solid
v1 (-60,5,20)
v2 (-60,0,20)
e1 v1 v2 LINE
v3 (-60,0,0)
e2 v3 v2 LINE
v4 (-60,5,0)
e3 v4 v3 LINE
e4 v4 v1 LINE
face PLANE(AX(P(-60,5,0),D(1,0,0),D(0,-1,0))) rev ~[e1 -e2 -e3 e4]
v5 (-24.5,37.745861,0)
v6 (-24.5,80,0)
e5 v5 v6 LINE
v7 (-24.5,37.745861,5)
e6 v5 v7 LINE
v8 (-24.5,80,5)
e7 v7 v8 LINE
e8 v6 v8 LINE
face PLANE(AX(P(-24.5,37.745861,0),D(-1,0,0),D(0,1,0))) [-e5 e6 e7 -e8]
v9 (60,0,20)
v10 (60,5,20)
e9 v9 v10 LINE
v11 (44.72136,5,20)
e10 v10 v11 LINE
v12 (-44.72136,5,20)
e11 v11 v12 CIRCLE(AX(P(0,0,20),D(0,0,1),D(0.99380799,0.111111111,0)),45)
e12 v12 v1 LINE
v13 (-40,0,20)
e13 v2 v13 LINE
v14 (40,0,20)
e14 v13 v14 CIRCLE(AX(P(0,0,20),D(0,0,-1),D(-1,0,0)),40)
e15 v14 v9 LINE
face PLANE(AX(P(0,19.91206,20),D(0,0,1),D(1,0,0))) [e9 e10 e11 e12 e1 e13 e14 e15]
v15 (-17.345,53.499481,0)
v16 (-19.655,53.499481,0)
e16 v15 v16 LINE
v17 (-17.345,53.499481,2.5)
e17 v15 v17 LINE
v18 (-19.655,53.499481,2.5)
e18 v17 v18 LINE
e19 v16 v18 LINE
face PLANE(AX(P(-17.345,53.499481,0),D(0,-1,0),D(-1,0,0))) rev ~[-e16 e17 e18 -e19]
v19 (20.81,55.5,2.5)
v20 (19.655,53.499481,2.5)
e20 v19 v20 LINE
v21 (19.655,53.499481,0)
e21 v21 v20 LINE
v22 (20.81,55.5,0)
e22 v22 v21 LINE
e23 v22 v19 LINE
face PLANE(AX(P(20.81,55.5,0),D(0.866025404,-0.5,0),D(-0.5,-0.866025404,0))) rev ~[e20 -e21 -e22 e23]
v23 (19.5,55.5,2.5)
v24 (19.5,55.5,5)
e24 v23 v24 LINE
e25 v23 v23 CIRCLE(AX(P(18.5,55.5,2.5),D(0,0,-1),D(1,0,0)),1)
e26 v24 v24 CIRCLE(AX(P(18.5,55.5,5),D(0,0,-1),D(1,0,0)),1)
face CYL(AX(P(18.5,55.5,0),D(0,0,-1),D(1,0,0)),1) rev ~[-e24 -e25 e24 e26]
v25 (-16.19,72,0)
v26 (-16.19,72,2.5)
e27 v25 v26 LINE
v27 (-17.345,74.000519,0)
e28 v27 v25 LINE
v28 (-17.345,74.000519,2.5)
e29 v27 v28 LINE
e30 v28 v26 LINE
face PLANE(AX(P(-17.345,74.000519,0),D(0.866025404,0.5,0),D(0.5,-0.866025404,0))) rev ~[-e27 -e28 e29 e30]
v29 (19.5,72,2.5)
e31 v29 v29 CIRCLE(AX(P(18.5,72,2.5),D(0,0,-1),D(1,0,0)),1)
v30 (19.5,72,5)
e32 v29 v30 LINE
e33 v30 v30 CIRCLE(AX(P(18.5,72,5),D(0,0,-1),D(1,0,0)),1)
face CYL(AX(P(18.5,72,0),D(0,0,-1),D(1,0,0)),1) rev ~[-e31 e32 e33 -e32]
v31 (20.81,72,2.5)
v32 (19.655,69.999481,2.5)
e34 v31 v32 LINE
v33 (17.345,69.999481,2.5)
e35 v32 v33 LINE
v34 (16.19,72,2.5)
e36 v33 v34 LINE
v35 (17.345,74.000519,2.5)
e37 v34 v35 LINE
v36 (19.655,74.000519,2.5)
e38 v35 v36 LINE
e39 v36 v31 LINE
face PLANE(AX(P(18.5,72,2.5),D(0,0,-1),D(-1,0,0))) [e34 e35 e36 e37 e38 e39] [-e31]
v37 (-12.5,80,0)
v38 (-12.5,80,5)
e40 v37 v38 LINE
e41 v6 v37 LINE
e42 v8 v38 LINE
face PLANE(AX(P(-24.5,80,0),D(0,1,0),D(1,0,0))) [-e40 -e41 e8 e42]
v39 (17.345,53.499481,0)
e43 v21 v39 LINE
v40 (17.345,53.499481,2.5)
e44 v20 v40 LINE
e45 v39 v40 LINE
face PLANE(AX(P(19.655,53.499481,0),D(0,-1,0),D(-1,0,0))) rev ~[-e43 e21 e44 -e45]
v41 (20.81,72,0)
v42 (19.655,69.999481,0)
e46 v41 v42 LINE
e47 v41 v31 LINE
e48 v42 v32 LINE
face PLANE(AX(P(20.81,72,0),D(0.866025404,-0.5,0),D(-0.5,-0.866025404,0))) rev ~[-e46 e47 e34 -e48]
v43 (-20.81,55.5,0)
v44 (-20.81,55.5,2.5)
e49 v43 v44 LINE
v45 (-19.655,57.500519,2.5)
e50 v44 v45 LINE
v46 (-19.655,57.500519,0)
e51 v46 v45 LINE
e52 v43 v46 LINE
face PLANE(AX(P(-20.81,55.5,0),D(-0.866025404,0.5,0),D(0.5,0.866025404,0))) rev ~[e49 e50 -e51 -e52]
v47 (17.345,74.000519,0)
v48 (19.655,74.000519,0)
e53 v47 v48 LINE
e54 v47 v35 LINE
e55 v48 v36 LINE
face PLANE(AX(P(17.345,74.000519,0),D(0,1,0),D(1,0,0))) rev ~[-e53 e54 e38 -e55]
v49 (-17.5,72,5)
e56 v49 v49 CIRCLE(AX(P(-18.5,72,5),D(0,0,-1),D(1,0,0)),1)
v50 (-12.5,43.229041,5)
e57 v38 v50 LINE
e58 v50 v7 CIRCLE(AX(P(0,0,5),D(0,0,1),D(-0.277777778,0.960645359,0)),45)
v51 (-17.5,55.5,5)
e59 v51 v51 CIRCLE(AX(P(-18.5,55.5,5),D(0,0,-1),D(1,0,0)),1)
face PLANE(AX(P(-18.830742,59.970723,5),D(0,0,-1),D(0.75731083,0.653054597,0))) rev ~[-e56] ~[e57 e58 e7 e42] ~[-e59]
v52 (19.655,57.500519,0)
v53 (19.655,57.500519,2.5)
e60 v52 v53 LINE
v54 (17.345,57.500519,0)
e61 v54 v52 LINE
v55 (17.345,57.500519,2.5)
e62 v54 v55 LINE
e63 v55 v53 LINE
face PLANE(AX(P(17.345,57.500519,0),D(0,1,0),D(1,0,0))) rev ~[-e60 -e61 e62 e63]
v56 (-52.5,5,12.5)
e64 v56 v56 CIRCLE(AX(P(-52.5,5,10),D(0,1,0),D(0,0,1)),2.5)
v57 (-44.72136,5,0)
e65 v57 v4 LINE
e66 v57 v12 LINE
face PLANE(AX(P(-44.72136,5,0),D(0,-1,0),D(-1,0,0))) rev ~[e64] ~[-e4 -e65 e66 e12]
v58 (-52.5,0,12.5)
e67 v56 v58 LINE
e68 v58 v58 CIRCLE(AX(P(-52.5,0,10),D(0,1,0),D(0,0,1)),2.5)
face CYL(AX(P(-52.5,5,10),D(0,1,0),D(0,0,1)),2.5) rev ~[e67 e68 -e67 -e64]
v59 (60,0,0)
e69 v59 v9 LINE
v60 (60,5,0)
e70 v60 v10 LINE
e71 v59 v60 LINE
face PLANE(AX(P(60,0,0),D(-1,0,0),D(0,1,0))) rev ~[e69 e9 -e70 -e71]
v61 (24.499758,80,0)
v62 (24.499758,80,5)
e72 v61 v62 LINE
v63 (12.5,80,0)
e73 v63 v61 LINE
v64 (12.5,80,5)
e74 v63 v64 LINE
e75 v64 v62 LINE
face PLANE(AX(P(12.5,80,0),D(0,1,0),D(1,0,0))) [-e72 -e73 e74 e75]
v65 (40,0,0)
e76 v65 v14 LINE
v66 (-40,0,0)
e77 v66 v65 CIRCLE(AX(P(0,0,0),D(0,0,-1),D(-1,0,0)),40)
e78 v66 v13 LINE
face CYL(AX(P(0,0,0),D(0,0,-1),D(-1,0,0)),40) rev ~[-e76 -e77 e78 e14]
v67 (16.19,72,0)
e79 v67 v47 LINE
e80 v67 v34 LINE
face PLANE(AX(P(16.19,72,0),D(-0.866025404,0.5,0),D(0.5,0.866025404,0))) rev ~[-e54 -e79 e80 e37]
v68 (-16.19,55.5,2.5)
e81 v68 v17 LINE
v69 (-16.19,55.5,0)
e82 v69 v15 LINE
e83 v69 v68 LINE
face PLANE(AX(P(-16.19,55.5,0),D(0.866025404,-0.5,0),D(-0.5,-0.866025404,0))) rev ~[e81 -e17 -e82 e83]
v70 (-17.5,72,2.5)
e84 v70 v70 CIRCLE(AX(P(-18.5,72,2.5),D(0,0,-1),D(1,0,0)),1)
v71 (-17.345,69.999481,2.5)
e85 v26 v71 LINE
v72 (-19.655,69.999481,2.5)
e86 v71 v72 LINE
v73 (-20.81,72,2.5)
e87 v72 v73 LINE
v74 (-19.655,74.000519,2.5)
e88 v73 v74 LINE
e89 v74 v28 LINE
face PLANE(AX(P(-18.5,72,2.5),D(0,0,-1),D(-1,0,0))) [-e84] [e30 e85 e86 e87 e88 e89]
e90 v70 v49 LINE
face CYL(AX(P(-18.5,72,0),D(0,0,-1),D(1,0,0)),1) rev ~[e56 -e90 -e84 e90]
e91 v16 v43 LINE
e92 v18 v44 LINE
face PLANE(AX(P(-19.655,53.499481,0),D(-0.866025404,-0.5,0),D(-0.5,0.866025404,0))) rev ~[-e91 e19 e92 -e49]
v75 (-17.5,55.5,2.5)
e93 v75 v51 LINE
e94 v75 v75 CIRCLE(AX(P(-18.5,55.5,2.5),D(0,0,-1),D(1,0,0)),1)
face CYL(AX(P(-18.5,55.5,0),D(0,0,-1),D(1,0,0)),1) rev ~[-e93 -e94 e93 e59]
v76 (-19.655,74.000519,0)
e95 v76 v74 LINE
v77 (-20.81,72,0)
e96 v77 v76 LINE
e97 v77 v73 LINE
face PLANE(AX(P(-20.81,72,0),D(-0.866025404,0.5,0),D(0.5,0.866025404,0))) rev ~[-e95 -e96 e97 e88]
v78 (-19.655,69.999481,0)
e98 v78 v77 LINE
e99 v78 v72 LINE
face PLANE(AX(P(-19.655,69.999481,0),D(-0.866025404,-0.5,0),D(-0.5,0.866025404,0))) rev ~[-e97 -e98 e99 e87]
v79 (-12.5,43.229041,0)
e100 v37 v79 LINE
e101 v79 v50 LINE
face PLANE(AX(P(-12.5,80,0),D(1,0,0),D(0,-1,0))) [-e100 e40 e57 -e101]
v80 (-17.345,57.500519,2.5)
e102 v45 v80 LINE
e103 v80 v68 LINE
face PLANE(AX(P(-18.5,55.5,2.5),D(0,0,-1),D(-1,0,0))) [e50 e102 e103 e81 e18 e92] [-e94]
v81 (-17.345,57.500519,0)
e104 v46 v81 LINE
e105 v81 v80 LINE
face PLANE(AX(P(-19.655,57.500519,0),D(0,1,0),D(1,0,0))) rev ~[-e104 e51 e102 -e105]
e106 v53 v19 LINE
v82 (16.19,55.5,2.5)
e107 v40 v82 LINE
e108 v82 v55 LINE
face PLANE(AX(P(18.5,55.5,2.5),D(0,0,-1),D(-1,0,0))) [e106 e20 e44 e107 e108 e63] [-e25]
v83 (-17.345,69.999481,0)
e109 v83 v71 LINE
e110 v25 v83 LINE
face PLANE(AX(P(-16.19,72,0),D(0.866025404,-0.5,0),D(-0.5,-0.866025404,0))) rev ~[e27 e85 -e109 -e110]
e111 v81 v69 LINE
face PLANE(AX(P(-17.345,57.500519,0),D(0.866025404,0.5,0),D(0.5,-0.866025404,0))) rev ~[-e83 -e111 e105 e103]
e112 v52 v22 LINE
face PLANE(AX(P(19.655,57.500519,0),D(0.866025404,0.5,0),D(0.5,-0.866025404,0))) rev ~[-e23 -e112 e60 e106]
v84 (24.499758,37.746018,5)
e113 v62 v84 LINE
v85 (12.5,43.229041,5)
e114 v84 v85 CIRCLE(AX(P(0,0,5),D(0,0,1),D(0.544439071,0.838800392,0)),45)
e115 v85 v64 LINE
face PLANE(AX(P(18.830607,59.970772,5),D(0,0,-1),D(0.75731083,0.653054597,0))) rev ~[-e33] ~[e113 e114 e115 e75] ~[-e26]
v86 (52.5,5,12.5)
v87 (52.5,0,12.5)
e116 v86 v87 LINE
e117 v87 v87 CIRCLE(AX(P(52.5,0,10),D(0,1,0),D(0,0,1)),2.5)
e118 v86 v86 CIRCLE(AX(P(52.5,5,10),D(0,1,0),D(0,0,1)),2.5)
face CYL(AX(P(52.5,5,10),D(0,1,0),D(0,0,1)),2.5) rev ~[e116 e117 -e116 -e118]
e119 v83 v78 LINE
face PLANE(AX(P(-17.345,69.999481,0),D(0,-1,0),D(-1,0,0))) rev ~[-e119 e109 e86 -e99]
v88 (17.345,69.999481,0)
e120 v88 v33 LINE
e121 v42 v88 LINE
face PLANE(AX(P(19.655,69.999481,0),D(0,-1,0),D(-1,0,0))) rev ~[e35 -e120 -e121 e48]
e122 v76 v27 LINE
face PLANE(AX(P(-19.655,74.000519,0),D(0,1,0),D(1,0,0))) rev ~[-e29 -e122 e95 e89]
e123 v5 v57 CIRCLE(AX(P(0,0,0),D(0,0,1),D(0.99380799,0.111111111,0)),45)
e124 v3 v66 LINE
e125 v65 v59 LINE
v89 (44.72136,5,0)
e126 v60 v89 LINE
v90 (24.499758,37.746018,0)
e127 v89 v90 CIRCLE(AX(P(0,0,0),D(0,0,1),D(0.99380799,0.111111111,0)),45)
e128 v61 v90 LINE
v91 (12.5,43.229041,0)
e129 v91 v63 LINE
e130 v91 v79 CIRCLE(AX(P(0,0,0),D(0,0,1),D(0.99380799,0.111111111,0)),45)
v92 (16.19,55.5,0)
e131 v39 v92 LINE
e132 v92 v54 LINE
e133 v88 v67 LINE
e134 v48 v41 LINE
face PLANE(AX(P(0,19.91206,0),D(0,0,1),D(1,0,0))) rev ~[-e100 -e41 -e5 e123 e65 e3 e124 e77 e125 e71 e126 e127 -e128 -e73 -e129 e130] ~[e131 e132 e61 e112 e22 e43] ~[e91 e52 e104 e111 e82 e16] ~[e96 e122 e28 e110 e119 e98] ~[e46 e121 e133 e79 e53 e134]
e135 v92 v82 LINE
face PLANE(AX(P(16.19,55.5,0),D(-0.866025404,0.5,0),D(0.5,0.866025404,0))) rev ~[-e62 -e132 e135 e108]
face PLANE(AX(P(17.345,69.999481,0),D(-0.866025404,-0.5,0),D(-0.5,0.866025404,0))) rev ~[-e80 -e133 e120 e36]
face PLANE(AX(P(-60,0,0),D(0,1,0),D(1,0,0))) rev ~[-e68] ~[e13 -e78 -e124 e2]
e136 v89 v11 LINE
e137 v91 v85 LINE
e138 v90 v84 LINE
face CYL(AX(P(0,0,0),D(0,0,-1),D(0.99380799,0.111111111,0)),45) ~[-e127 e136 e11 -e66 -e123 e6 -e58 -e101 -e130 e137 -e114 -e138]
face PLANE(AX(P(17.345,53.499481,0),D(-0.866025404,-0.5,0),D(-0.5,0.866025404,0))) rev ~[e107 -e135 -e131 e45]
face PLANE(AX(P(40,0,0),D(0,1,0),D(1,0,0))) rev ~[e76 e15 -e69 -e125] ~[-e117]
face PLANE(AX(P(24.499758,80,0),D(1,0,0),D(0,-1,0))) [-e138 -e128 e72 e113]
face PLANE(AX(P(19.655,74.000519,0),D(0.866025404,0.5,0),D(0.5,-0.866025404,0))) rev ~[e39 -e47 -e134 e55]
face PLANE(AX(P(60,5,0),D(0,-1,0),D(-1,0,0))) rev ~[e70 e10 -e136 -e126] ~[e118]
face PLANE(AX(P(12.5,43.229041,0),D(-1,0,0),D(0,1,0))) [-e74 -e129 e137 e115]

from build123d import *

# Parameters (mm, degrees)
BOSS_EXTRUDE1_DEPTH = 20
F_3DSKETCH3_R       = 1
BOSS_EXTRUDE2_DEPTH = 5
CUT_EXTRUDE1_DEPTH  = 2.5
SKETCH3_R           = 2.5
CUT_EXTRUDE2_DEPTH  = 99.107084352


with BuildPart() as part:
    # Sketch1 → Boss-Extrude1 (new body)
    with BuildSketch(Plane.XY):
        with BuildLine():
            Line((-45, 0), (-40, 0))
            ThreePointArc((-40, 0), (0, 40), (40, 0))
            Line((40, 0), (45, 0))
            Line((45, 0), (60, 0))
            Line((60, 0), (60, 5))
            Line((60, 5), (44.72135955, 5))
            ThreePointArc((44.72135955, 5), (0, 45), (-44.72135955, 5))
            Line((-44.72135955, 5), (-60, 5))
            Line((-60, 5), (-60, 0))
            Line((-60, 0), (-45, 0))
        make_face()
    extrude(amount=BOSS_EXTRUDE1_DEPTH)

    # 3DSketch3 → Boss-Extrude2 (add)
    with BuildSketch(Plane(origin=(-24.5, 37.7458607, 0), x_dir=(0.7573108303632157, 0.6530545966568009, 0), z_dir=(0, 0, -1))):
        with BuildLine():
            Line((0, 0), (27.594259898, -31.999517319))
            Line((27.594259898, -31.999517319), (36.681989862, -24.16286216))
            Line((36.681989862, -24.16286216), (12.668546171, 3.684183209))
            ThreePointArc((12.668546171, 3.684183209), (6.470025326, 1.375289757), (0, 0))
        make_face()
        with Locations(Location((26.913688106, -22.022703097, 0), (0, 0, 40.772303251))):
            Circle(F_3DSKETCH3_R, mode=Mode.SUBTRACT)
        with Locations(Location((16.138287262, -9.527074396, 0), (0, 0, 40.772303251))):
            Circle(F_3DSKETCH3_R, mode=Mode.SUBTRACT)
        with BuildLine():
            Line((31.60131693, 20.010548126), (55.614760621, -7.836497243))
            Line((55.614760621, -7.836497243), (64.702307458, 0))
            Line((64.702307458, 0), (37.10815006, 31.999398456))
            ThreePointArc((37.10815006, 31.999398456), (34.796480727, 25.802065738), (31.60131693, 20.010548126))
        make_face()
        with Locations(Location((54.93418883, 2.14031698, 0), (0, 0, 40.772303251))):
            Circle(F_3DSKETCH3_R, mode=Mode.SUBTRACT)
        with Locations(Location((44.158787985, 14.635945681, 0), (0, 0, 40.772303251))):
            Circle(F_3DSKETCH3_R, mode=Mode.SUBTRACT)
    extrude(amount=-BOSS_EXTRUDE2_DEPTH)

    # Sketch2 → Cut-Extrude1 (cut)
    with BuildSketch(Plane(origin=(0, 0, 0), x_dir=(-1, 0, 0), z_dir=(0, 0, -1))):
        Polygon((-16.19, 55.5), (-17.345, 57.500518683), (-19.655, 57.500518683), (-20.81, 55.5), (-19.655, 53.499481317), (-17.345, 53.499481317), align=None)
        Polygon((-16.19, 72), (-17.345, 74.000518683), (-19.655, 74.000518683), (-20.81, 72), (-19.655, 69.999481317), (-17.345, 69.999481317), align=None)
        Polygon((20.81, 72), (19.655, 74.000518683), (17.345, 74.000518683), (16.19, 72), (17.345, 69.999481317), (19.655, 69.999481317), align=None)
        Polygon((20.81, 55.5), (19.655, 57.500518683), (17.345, 57.500518683), (16.19, 55.5), (17.345, 53.499481317), (19.655, 53.499481317), align=None)
    extrude(amount=-CUT_EXTRUDE1_DEPTH, mode=Mode.SUBTRACT)

    # Sketch3 → Cut-Extrude2 (cut, through all)
    with BuildSketch(Plane(origin=(0, 5, 0), x_dir=(1, 0, 0), z_dir=(0, 1, 0))):
        with Locations(Location((-52.5, -10, 0), (0, 0, 270))):
            Circle(SKETCH3_R)
        with Locations(Location((52.5, -10, 0), (0, 0, 270))):
            Circle(SKETCH3_R)
    extrude(amount=-CUT_EXTRUDE2_DEPTH, mode=Mode.SUBTRACT)


solid = part.part
